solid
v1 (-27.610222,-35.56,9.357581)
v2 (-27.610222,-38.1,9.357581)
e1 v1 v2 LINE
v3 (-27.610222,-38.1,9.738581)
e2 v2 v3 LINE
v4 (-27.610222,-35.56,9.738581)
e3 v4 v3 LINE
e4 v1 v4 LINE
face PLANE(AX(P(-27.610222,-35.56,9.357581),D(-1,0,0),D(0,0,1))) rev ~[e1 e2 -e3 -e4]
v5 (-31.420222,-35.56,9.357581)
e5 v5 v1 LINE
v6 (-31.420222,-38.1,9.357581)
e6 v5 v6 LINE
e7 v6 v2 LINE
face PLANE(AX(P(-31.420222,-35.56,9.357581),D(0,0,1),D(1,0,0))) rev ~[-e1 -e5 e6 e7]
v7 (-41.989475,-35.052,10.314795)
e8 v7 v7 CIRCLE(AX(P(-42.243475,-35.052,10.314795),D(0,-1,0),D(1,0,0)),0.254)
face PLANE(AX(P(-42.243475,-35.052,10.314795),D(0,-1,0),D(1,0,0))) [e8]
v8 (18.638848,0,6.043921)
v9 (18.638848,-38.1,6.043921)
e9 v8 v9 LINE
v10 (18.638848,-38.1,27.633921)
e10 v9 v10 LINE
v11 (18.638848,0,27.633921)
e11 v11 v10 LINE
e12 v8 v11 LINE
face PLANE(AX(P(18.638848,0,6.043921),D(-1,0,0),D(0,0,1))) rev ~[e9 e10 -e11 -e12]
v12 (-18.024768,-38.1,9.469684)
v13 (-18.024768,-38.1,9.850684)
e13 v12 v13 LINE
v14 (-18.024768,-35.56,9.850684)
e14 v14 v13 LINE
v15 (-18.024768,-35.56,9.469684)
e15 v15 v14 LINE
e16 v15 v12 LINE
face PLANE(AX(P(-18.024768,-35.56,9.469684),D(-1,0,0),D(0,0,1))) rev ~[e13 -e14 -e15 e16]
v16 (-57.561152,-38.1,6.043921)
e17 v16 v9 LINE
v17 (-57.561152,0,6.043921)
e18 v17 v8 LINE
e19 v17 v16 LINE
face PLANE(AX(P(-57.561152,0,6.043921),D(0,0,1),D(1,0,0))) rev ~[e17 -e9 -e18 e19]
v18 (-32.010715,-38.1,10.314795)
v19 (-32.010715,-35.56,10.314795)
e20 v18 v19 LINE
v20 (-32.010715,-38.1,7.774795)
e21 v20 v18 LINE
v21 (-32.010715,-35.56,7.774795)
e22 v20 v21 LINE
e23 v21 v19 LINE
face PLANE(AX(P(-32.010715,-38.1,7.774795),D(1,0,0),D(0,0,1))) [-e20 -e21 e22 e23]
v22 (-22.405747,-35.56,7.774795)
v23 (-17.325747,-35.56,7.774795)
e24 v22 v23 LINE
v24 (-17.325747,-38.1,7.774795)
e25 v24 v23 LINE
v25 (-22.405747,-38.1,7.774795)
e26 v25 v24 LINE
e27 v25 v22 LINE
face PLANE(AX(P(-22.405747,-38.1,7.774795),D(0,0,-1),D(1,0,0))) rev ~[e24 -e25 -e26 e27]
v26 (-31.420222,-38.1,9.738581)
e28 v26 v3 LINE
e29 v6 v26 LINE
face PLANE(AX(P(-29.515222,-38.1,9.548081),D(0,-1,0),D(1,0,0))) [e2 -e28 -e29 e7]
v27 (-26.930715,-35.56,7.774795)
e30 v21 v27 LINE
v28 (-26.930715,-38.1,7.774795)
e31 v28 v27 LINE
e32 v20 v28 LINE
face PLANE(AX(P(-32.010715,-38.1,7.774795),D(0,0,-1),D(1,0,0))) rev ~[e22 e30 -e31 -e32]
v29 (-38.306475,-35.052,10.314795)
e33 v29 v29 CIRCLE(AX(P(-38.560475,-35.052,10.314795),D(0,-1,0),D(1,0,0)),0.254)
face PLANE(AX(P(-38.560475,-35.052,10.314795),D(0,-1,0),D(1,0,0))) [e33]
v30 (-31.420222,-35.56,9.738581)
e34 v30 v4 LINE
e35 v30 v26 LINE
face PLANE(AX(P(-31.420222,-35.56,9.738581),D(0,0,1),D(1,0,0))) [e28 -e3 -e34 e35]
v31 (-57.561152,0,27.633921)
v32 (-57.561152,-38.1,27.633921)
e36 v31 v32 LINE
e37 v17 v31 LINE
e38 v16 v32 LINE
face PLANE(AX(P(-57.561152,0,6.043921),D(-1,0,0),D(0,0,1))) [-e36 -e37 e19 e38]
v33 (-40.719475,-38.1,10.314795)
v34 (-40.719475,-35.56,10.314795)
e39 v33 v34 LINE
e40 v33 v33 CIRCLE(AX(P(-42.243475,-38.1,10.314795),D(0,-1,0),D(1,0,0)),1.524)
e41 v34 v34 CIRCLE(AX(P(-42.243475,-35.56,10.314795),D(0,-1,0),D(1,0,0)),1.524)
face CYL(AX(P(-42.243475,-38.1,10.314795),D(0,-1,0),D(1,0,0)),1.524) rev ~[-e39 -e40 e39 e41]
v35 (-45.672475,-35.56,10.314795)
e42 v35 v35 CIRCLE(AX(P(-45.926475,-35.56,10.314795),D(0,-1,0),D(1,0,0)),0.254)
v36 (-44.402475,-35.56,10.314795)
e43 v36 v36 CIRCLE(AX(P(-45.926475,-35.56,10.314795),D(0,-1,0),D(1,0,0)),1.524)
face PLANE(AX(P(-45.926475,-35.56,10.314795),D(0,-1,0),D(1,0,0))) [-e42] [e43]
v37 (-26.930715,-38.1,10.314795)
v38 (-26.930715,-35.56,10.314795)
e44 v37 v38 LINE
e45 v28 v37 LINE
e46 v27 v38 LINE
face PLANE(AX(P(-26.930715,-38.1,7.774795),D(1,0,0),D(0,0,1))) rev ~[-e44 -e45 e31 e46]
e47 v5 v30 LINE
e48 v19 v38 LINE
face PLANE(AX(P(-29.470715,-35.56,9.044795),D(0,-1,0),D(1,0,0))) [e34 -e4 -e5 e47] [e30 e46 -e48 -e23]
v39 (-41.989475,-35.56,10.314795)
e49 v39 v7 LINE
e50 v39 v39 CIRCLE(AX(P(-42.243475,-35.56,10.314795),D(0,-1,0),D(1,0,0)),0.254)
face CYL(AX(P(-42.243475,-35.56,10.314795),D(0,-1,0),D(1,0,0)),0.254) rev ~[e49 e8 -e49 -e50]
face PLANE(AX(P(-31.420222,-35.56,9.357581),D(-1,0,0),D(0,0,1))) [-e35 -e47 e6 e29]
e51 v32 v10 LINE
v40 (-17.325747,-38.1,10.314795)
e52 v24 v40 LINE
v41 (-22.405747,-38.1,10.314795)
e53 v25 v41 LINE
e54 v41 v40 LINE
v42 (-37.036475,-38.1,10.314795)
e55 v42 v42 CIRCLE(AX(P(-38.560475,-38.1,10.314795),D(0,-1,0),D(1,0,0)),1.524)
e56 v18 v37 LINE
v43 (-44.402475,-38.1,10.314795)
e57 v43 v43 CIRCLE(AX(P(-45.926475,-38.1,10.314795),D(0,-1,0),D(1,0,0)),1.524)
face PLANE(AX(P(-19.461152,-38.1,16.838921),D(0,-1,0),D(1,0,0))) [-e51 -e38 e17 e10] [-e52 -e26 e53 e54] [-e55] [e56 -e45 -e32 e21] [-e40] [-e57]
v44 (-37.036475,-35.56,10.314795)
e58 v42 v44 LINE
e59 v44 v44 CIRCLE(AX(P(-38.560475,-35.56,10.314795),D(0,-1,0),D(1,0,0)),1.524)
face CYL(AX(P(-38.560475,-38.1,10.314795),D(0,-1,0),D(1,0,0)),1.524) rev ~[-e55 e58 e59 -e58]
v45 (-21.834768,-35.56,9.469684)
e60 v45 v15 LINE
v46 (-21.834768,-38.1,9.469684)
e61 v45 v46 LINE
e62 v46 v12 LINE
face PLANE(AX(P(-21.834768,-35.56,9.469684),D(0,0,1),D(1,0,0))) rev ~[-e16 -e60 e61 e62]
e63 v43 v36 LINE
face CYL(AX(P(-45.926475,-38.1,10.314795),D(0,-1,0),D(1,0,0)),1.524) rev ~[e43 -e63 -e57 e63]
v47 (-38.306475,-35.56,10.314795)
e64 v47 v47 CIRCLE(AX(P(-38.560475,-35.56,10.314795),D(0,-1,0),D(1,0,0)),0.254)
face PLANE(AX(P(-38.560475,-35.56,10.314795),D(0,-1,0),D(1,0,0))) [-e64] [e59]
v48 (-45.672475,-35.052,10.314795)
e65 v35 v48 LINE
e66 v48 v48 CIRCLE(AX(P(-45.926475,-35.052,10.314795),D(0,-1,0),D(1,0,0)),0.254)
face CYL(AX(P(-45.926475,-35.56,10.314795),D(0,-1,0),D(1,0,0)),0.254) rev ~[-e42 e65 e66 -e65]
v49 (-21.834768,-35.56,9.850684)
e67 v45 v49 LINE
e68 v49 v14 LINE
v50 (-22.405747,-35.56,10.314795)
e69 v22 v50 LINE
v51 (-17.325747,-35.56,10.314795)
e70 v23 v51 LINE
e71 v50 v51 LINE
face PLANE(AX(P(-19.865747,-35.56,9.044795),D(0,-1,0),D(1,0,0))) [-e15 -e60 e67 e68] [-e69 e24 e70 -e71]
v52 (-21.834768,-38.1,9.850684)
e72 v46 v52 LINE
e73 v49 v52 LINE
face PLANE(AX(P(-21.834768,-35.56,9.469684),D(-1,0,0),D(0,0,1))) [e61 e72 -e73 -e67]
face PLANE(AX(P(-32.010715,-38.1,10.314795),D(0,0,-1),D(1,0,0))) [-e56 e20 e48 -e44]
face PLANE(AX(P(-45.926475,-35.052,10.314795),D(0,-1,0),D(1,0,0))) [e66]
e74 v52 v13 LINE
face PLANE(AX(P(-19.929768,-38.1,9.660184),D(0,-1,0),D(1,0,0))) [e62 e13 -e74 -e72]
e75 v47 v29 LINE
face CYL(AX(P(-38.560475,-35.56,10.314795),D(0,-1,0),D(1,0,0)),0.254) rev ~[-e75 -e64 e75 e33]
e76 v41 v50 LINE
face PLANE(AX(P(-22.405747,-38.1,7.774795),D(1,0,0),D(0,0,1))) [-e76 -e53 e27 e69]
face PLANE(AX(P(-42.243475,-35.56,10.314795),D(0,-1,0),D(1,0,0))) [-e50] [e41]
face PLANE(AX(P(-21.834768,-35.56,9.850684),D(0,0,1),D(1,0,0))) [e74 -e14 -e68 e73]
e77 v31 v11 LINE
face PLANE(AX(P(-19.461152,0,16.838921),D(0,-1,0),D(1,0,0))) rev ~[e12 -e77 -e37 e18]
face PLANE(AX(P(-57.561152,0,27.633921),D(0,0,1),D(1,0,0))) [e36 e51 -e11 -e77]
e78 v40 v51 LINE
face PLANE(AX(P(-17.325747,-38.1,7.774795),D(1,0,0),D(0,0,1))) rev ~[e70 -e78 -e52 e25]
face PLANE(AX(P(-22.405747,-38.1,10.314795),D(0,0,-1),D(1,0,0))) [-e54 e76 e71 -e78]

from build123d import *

# Parameters (mm, degrees)
F0_W      = 76.2
F0_H      = 21.59
F1_DEPTH  = 38.1
F2_W      = 5.08
F2_H      = 2.54
F2_R      = 1.524
F3_DEPTH  = 2.54
F4_R      = 0.254
F5_DEPTH  = 0.508
F6_R      = 0.254
F7_DEPTH  = 0.508
F8_R      = 0.254
F9_DEPTH  = 0.508
F10_W     = 3.81
F10_H     = 0.381
F11_DEPTH = 2.54
F12_W     = 3.81
F12_H     = 0.381
F13_DEPTH = 2.54


with BuildPart() as f1:
    # F0 (on Front) → F1 (new body)
    with BuildSketch(Plane.XZ):
        with Locations((-19.461152, 16.838921)):
            Rectangle(F0_W, F0_H)
    extrude(amount=F1_DEPTH)

    # F2 (on face) → F3 (cut)
    with BuildSketch(Plane.XZ.offset(38.1)):
        with Locations((-19.865747, 9.044795)):
            Rectangle(F2_W, F2_H)
        with Locations((-29.470715, 9.044795)):
            Rectangle(F2_W, F2_H)
        with Locations((-38.560475, 10.314795)):
            Circle(F2_R)
        with Locations((-42.243475, 10.314795)):
            Circle(F2_R)
        with Locations((-45.926475, 10.314795)):
            Circle(F2_R)
    extrude(amount=-F3_DEPTH, mode=Mode.SUBTRACT)

    # F4 (on face) → F5 (cut)
    with BuildSketch(Plane.XZ.offset(35.56)):
        with Locations((-42.243475, 10.314795)):
            Circle(F4_R)
    extrude(amount=-F5_DEPTH, mode=Mode.SUBTRACT)

    # F6 (on face) → F7 (cut)
    with BuildSketch(Plane.XZ.offset(35.56)):
        with Locations((-38.560475, 10.314795)):
            Circle(F6_R)
    extrude(amount=-F7_DEPTH, mode=Mode.SUBTRACT)

    # F8 (on face) → F9 (cut)
    with BuildSketch(Plane.XZ.offset(35.56)):
        with Locations((-45.926475, 10.314795)):
            Circle(F8_R)
    extrude(amount=-F9_DEPTH, mode=Mode.SUBTRACT)

    # F10 (on face) → F11 (join, through all)
    with BuildSketch(Plane.XZ.offset(35.56)):
        with Locations((-29.515222, 9.548081)):
            Rectangle(F10_W, F10_H)
    extrude(amount=F11_DEPTH)

    # F12 (on face) → F13 (join, through all)
    with BuildSketch(Plane.XZ.offset(35.56)):
        with Locations((-19.929768, 9.660184)):
            Rectangle(F12_W, F12_H)
    extrude(amount=F13_DEPTH)


solid = f1.part
